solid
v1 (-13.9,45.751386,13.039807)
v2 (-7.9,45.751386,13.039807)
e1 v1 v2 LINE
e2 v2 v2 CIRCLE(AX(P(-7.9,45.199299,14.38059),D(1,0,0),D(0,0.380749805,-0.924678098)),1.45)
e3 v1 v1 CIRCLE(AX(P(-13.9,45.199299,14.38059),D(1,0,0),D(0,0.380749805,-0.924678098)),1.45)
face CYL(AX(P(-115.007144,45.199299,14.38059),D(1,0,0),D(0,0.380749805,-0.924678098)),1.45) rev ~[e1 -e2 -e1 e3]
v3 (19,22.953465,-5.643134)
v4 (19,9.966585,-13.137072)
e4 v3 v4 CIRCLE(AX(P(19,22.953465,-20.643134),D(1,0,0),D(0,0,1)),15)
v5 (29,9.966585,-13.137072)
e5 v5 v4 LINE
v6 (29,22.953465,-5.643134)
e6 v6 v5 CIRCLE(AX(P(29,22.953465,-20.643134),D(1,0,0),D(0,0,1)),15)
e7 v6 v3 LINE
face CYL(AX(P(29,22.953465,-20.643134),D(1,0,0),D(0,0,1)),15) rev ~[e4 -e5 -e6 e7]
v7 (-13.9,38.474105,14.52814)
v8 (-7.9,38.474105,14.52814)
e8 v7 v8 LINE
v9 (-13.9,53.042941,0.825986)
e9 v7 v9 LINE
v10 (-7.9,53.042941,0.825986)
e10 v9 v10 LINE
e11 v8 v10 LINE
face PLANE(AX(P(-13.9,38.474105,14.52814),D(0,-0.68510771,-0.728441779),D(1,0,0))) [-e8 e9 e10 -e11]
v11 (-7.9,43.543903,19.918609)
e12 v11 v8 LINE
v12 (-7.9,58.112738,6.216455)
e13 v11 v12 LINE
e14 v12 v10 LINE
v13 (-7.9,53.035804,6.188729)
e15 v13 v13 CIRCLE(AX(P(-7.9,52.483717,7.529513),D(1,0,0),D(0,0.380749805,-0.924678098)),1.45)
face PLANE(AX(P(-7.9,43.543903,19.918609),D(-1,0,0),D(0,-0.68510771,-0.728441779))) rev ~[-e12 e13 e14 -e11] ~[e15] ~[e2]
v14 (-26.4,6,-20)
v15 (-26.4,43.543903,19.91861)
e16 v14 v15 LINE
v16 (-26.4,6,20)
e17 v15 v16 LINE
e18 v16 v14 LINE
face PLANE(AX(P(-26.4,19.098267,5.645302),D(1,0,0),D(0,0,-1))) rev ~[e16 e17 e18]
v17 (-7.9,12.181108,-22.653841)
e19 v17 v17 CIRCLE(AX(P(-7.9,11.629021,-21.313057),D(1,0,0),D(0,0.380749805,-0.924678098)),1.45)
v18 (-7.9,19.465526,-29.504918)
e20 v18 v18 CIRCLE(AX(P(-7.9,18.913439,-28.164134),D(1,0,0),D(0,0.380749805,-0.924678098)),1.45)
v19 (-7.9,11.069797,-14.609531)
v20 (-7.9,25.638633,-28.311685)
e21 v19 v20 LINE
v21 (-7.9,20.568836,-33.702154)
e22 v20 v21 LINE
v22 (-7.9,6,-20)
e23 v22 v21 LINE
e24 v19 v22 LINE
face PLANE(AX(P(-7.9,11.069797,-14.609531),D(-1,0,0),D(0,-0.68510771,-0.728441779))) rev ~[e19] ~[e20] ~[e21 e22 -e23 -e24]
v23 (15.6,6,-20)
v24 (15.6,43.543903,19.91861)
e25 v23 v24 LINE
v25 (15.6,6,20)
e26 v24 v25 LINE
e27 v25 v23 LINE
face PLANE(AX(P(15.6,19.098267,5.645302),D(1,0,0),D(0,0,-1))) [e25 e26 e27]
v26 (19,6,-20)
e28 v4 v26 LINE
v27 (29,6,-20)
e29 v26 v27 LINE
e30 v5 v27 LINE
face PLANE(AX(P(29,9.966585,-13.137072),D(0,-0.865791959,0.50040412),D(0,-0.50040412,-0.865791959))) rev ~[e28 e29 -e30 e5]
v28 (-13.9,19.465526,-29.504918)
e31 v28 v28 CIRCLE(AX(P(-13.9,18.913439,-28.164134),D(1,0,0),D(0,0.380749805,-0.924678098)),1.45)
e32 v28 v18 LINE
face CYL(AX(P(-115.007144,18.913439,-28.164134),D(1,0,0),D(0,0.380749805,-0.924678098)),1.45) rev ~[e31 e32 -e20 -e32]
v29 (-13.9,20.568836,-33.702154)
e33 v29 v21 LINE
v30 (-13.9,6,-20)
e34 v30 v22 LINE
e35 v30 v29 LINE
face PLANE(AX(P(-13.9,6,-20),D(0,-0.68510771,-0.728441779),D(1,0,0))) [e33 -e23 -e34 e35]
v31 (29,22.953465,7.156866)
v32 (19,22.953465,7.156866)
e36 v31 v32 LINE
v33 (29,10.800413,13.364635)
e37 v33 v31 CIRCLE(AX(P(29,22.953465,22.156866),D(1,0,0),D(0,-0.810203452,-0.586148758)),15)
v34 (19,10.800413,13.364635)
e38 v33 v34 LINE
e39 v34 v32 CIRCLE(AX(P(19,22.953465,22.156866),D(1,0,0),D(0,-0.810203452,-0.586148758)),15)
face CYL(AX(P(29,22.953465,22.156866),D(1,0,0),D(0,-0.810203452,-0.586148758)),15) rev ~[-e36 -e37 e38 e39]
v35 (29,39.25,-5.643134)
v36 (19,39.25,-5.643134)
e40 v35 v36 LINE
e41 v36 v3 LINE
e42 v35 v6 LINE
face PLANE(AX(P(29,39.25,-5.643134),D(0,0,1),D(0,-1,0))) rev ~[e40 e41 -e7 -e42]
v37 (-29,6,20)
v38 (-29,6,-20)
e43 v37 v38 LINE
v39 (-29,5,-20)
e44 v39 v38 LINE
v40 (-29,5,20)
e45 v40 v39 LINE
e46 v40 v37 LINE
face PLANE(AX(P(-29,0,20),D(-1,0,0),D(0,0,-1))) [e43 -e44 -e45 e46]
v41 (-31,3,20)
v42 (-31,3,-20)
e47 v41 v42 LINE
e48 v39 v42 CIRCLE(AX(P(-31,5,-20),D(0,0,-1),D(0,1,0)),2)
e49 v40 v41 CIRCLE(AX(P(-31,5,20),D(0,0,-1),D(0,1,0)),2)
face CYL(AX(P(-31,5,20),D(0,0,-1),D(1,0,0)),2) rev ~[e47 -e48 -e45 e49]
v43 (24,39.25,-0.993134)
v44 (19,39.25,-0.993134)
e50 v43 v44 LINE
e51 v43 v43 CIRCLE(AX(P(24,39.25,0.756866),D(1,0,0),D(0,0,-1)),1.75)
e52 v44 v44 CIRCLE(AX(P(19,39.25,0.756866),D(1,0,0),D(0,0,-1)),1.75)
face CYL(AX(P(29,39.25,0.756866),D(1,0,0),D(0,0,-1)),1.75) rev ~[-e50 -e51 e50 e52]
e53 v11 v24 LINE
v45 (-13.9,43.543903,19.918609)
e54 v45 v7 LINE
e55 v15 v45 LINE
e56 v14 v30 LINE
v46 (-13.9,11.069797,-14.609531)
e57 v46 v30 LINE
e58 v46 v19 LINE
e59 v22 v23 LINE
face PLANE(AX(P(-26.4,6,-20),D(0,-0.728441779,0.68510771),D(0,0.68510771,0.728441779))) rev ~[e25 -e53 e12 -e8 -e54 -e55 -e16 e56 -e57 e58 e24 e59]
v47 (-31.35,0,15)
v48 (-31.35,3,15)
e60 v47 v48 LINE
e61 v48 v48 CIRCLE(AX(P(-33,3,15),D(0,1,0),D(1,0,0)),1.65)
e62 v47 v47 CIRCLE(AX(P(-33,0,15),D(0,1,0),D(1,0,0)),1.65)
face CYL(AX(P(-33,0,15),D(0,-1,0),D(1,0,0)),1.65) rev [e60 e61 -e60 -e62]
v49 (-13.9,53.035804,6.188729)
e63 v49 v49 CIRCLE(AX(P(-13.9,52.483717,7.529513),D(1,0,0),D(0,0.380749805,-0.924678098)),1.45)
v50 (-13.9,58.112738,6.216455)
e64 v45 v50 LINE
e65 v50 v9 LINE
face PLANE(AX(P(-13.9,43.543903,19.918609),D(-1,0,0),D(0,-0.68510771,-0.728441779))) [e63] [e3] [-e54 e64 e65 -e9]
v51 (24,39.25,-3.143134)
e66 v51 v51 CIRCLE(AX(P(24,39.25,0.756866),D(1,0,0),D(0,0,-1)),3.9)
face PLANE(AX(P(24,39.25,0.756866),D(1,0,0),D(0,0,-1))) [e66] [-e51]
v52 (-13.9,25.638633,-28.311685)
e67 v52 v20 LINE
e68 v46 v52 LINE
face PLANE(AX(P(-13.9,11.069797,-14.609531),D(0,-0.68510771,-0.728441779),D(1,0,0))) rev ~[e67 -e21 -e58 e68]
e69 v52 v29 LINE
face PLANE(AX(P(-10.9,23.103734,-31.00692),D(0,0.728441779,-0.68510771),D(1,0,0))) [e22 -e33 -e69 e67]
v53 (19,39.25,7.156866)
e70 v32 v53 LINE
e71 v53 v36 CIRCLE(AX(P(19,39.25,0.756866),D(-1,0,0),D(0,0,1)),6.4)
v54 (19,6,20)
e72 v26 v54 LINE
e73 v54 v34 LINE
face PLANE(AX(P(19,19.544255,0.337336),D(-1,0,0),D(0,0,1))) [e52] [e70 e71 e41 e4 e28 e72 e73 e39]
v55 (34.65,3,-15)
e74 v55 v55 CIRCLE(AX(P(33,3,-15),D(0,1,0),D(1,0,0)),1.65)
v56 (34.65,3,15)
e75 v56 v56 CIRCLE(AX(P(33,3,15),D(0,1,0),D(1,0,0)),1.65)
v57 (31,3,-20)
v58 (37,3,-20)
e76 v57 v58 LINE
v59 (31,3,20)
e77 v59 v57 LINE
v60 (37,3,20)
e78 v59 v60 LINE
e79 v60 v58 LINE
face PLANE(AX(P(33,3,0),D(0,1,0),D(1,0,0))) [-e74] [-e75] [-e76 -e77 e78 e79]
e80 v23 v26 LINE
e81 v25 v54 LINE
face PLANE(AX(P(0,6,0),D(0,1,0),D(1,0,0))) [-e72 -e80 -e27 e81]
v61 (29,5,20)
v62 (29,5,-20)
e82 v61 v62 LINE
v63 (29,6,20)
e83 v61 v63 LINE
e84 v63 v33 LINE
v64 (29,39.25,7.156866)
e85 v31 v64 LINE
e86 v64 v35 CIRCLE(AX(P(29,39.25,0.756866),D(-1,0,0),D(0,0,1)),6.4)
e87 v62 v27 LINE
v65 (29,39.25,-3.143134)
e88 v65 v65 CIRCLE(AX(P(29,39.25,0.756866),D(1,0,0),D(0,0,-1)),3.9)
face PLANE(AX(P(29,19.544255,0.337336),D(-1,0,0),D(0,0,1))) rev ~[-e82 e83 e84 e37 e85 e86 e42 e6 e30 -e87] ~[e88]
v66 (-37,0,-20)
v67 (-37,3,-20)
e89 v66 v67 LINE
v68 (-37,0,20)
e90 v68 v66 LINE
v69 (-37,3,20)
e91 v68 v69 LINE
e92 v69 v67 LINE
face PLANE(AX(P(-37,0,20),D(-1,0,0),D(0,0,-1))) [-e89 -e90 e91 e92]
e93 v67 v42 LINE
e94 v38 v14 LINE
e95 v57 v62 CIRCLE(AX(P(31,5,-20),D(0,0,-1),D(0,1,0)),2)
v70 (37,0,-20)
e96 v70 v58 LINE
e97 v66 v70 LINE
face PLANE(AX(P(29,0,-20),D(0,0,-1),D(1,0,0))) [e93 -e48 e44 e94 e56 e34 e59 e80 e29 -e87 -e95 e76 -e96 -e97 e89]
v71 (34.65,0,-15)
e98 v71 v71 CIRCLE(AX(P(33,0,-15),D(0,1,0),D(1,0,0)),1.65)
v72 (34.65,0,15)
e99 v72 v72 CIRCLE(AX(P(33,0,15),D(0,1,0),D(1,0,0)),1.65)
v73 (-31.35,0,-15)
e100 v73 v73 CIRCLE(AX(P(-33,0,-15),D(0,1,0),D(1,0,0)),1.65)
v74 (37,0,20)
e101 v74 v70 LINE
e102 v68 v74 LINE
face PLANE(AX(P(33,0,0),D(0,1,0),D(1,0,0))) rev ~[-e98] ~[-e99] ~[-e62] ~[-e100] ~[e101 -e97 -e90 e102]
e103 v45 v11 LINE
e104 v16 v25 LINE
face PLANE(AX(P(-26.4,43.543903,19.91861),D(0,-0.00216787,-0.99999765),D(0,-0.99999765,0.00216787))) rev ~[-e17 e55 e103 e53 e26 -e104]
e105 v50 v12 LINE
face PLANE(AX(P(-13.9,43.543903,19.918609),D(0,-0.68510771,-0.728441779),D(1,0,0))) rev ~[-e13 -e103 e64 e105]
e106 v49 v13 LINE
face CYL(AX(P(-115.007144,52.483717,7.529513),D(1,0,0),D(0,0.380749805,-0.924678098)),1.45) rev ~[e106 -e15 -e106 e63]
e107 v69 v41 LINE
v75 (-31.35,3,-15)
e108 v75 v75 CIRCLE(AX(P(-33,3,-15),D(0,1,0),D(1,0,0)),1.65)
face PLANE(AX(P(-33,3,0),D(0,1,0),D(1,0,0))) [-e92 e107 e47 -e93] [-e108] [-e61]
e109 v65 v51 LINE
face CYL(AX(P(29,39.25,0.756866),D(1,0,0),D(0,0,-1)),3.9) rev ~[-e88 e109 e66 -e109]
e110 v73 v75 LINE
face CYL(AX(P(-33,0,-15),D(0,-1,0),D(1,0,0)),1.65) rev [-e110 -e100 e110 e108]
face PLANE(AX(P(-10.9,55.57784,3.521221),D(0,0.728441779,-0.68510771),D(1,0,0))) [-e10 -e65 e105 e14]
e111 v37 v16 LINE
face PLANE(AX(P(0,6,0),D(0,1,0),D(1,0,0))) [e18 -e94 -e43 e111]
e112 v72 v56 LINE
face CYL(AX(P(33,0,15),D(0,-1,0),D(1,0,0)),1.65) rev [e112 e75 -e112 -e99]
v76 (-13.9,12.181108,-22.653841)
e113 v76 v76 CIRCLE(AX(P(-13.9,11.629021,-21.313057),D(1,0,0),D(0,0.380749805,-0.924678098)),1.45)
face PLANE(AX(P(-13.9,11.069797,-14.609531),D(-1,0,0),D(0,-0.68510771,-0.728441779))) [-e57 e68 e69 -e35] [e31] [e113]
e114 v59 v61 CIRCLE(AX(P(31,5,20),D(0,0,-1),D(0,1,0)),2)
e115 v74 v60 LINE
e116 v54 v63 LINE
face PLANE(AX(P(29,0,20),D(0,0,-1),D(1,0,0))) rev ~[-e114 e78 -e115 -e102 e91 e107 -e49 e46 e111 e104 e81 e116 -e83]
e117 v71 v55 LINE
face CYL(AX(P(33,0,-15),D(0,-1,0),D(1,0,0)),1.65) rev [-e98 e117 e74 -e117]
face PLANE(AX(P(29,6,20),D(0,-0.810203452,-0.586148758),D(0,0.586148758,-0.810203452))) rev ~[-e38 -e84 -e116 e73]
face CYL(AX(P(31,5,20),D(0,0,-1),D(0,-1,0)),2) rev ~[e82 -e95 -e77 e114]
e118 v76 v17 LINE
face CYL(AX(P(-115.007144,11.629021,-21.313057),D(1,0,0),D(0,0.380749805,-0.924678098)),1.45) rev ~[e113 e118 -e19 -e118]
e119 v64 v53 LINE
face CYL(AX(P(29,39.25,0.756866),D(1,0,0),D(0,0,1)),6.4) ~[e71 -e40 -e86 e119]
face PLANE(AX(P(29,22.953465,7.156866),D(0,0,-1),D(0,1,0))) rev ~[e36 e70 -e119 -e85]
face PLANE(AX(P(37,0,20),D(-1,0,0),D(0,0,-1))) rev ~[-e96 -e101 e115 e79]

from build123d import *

# Parameters (mm, degrees)
SKETCH1_W              = 58
SKETCH1_H              = 40
BOSS_EXTRUDE1_DEPTH    = 6
BOSS_EXTRUDE3_START    = -2.6
BOSS_EXTRUDE3_DEPTH    = 42
SKETCH6_W              = 6
SKETCH6_H              = 7.4
BOSS_EXTRUDE4_DEPTH    = 20
BOSS_EXTRUDE5_DEPTH    = 10
M2_5_CLEARANCE_SLOT1_D = 2.9
SKETCH11_R             = 1.75
CUT_EXTRUDE1_DEPTH     = 10
SKETCH12_W             = 8
SKETCH12_H             = 40
SKETCH12_R             = 1.65
BOSS_EXTRUDE6_DEPTH    = 3
FILLET1_R              = 2
SKETCH8_R              = 3.9
CUT_EXTRUDE2_DEPTH     = 5


with BuildPart() as part:
    # Sketch1 → Boss-Extrude1 (new body)
    with BuildSketch(Plane(origin=(0, 0, 0), x_dir=(1, 0, 0), z_dir=(0, 1, 0))):
        Rectangle(SKETCH1_W, SKETCH1_H)
    extrude(amount=BOSS_EXTRUDE1_DEPTH)

    # Sketch4 → Boss-Extrude3 (add)
    with BuildSketch(Plane.ZY.offset(29).offset(BOSS_EXTRUDE3_START)):
        Polygon((-20, 6), (19.918609503, 43.543902506), (20, 6), align=None)
    extrude(amount=-BOSS_EXTRUDE3_DEPTH)

    # Sketch6 → Boss-Extrude4 (add)
    with BuildSketch(Plane(origin=(0, 13.164986139, -12.38181796), x_dir=(1, 0, 0), z_dir=(0, 0.728441779, -0.68510771))):
        with Locations((-10.9, -40.641810675)):
            Rectangle(SKETCH6_W, SKETCH6_H)
        with Locations((-10.9, 6.758189325)):
            Rectangle(SKETCH6_W, SKETCH6_H)
    extrude(amount=BOSS_EXTRUDE4_DEPTH)

    # Sketch7 → Boss-Extrude5 (add)
    with BuildSketch(Plane(origin=(29, 0, 0), x_dir=(0, 0, -1), z_dir=(1, 0, 0))):
        with BuildLine():
            Line((-20, 6), (-13.364634961, 10.800412746))
            ThreePointArc((-13.364634961, 10.800412746), (-8.798657798, 16.130102837), (-7.156866334, 22.953464523))
            Line((-7.156866334, 22.953464523), (-7.156866334, 39.25))
            ThreePointArc((-7.156866334, 39.25), (-0.756866334, 45.65), (5.643133666, 39.25))
            Line((5.643133666, 39.25), (5.643133666, 22.953464523))
            ThreePointArc((5.643133666, 22.953464523), (7.651002835, 15.456496038), (13.137071863, 9.966585137))
            Line((13.137071863, 9.966585137), (20, 6))
            Line((20, 6), (-20, 6))
        make_face()
    extrude(amount=-BOSS_EXTRUDE5_DEPTH)

    # M2.5 Clearance Slot1 (through all)
    with Locations(Plane(origin=(-16.9, -75.052586312, -128.704072023), x_dir=(0, -0.380749805, 0.924678098), z_dir=(-1, 0, 0))):
        with Locations((57.189532403, 125.168887287), (66.298114004, 121.041691966), (77.412789478, 169.800937131), (86.521371079, 165.67374181)):
            Hole(M2_5_CLEARANCE_SLOT1_D / 2)

    # Sketch11 → Cut-Extrude1 (cut)
    with BuildSketch(Plane(origin=(29, 0, 0), x_dir=(0, 0, -1), z_dir=(1, 0, 0))):
        with Locations((-0.756866334, 39.25)):
            Circle(SKETCH11_R)
    extrude(amount=-CUT_EXTRUDE1_DEPTH, mode=Mode.SUBTRACT)

    # Sketch12 → Boss-Extrude6 (add)
    with BuildSketch(Plane(origin=(0, 0, 0), x_dir=(1, 0, 0), z_dir=(0, 1, 0))):
        with Locations((33, 0)):
            Rectangle(SKETCH12_W, SKETCH12_H)
        with Locations((33, -15)):
            Circle(SKETCH12_R, mode=Mode.SUBTRACT)
        with Locations((33, 15)):
            Circle(SKETCH12_R, mode=Mode.SUBTRACT)
        with Locations((-33, 0)):
            Rectangle(SKETCH12_W, SKETCH12_H)
        with Locations((-33, 15)):
            Circle(SKETCH12_R, mode=Mode.SUBTRACT)
        with Locations((-33, -15)):
            Circle(SKETCH12_R, mode=Mode.SUBTRACT)
    extrude(amount=BOSS_EXTRUDE6_DEPTH)

    # Fillet1
    fillet1_edges = [part.edges().sort_by_distance(p)[0] for p in [
        (29, 3, 0),
        (-29, 3, 0),
    ]]
    fillet(fillet1_edges, radius=FILLET1_R)

    # Sketch8 → Cut-Extrude2 (cut)
    with BuildSketch(Plane(origin=(29, 0, 0), x_dir=(0, 0, -1), z_dir=(1, 0, 0))):
        with Locations((-0.756866334, 39.25)):
            Circle(SKETCH8_R)
    extrude(amount=-CUT_EXTRUDE2_DEPTH, mode=Mode.SUBTRACT)


solid = part.part
